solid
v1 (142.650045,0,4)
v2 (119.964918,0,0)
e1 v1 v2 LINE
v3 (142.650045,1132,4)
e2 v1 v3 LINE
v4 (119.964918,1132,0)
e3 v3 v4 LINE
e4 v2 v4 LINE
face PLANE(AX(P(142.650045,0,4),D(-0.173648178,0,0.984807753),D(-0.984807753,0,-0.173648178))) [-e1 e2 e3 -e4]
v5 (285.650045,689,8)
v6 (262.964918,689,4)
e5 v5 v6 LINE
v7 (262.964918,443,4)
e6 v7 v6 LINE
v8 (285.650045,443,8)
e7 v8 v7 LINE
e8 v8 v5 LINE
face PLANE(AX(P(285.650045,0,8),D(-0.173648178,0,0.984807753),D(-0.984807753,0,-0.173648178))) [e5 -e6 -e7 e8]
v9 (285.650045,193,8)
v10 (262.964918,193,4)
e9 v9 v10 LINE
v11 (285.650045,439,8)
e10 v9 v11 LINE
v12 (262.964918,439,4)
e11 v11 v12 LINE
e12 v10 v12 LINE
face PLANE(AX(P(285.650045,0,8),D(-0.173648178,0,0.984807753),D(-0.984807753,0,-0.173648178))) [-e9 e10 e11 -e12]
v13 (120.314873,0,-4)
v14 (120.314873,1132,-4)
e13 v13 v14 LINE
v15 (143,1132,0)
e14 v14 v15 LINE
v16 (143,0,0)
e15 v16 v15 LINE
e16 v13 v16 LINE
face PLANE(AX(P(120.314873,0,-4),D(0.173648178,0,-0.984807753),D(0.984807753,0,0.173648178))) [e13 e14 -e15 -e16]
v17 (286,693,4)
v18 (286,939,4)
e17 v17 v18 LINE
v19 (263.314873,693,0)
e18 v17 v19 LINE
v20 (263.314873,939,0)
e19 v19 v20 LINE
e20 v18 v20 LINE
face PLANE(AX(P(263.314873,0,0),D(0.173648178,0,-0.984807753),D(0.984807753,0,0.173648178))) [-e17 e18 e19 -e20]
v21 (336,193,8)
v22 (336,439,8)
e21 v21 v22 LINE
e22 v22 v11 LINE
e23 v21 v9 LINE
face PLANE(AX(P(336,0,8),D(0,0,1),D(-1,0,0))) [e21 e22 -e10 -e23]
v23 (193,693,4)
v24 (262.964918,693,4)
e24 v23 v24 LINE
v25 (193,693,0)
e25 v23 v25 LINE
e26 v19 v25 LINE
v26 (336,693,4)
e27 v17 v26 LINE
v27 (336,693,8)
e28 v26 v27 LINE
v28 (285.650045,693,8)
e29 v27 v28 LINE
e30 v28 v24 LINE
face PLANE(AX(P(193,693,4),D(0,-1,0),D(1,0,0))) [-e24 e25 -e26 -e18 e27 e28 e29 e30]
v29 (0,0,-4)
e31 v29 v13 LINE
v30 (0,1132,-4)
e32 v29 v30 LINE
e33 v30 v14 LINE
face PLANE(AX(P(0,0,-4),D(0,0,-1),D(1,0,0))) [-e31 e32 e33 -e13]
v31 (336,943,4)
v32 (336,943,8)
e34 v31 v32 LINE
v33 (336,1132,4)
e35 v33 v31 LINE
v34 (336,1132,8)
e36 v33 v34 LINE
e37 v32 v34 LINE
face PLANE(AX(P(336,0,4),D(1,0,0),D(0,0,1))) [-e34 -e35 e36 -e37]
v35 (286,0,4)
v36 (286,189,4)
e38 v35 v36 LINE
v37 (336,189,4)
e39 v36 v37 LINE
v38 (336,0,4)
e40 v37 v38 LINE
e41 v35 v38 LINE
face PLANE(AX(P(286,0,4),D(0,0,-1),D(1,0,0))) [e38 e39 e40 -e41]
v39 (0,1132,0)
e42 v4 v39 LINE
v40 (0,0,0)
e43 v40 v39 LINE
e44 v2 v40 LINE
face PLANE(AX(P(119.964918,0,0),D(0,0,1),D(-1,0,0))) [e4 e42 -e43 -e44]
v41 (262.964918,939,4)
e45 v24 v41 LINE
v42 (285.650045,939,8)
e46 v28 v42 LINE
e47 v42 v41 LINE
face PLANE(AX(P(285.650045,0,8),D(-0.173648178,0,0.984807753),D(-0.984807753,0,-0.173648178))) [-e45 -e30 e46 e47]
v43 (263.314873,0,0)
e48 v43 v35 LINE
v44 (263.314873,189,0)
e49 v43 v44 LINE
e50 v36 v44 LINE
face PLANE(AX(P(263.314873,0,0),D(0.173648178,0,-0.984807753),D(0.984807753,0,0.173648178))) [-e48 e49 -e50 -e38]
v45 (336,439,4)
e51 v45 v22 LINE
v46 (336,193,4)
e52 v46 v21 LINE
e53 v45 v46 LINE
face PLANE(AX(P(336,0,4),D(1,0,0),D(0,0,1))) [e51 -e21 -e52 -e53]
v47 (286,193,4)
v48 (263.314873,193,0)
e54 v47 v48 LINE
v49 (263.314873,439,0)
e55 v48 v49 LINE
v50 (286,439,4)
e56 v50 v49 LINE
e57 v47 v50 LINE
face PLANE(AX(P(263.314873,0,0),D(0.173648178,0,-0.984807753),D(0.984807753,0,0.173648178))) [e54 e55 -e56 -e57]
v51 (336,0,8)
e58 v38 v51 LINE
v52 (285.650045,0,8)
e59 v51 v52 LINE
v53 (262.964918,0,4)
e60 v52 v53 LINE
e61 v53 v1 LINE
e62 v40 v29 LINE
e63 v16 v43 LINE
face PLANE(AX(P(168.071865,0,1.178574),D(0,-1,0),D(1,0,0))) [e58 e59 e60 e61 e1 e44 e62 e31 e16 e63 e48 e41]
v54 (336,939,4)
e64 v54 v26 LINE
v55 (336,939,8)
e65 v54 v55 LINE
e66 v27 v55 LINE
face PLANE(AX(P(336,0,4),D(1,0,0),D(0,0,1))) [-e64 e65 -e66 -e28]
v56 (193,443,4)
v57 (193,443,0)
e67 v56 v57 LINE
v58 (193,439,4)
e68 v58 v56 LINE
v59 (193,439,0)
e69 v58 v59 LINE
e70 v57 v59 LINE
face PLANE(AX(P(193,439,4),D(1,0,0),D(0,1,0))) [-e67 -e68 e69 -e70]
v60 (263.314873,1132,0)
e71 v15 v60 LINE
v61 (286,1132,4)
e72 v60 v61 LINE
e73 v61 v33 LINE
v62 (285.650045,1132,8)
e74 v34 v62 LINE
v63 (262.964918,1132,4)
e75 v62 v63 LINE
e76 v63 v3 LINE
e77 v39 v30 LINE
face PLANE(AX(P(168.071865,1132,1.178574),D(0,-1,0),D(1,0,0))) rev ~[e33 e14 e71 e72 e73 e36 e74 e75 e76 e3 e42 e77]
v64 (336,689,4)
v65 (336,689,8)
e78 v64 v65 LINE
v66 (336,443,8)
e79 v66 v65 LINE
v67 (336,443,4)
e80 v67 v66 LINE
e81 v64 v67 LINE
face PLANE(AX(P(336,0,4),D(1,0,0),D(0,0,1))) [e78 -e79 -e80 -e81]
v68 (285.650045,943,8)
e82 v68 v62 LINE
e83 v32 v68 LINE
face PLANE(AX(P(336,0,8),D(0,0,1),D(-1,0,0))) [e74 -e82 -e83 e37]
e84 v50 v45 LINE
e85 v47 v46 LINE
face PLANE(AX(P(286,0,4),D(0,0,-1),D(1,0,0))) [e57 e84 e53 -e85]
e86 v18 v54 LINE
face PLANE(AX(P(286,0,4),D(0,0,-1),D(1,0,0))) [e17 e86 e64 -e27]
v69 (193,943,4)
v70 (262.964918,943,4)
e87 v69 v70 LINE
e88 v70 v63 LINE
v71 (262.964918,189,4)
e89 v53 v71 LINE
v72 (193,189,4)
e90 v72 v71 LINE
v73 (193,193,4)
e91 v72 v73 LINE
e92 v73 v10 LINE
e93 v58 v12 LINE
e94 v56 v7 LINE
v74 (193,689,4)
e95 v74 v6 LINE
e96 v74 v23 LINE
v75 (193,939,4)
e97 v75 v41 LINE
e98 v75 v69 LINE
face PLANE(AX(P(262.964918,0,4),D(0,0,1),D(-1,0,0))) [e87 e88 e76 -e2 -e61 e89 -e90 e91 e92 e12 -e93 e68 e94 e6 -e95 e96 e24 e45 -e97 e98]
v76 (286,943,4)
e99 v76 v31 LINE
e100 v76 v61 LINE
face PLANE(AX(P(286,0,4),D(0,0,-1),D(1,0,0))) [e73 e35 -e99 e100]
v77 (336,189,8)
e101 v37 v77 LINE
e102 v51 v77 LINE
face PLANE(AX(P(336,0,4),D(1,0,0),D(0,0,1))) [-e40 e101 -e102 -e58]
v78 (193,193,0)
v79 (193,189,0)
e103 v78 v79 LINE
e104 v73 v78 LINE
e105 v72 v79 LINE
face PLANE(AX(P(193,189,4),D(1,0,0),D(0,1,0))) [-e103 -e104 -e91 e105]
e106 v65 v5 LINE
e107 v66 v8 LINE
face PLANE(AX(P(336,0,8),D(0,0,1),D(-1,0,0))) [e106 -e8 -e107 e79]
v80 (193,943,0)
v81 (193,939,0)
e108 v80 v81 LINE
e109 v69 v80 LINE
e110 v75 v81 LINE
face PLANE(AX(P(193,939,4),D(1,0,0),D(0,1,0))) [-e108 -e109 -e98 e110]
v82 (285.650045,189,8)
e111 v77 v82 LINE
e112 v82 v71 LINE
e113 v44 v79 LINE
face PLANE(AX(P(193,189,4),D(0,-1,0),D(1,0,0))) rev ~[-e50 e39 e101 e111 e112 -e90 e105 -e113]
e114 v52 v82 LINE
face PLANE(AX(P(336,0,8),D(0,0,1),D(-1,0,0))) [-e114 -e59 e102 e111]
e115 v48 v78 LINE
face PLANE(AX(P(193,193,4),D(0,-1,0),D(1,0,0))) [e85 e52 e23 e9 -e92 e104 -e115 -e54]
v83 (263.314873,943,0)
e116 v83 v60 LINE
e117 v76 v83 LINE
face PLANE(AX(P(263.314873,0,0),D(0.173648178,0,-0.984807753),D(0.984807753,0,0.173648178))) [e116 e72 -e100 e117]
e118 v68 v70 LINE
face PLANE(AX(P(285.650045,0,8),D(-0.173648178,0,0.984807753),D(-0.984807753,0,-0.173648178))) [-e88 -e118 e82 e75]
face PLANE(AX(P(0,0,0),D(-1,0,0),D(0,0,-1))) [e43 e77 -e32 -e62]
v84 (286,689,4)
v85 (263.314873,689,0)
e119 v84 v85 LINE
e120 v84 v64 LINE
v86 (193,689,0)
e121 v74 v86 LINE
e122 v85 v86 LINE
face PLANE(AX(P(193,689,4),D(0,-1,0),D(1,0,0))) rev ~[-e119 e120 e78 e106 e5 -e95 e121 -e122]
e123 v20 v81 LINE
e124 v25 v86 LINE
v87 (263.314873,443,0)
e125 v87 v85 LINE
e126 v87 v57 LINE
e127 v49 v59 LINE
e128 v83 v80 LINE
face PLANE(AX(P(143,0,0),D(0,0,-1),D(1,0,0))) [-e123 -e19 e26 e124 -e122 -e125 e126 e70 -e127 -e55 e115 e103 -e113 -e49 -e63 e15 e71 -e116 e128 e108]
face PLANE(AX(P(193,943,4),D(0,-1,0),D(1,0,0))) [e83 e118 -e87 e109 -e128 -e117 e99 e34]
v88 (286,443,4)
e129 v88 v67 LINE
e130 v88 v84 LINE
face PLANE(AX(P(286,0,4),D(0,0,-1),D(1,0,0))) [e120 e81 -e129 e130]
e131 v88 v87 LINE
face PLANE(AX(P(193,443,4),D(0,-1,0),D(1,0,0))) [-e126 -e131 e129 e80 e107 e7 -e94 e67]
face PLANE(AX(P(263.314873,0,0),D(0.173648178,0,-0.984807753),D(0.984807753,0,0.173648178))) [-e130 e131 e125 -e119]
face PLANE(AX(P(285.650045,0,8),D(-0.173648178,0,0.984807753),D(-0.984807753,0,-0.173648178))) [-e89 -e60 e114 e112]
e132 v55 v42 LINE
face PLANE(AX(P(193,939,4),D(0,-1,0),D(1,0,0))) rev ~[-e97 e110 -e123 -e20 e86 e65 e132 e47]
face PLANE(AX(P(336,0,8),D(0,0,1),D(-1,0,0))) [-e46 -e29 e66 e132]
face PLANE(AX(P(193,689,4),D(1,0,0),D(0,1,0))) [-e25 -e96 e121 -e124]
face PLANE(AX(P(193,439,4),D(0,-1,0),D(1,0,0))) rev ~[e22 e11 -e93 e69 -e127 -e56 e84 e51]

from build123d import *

# Parameters (mm, degrees)
F1_DEPTH      = 1132
F2_W          = 143
F2_H          = 4
F3_DEPTH      = 8.001
F3_DEPTH_BACK = 4.001


with BuildPart() as f1:
    # F0 (on Front) → F1 (new body)
    with BuildSketch(Plane.XZ):
        Polygon((119.9649180674, 0), (0, 0), (0, -4), (120.3148727215, -4), (143, 0), (263.3148727215, 0), (286, 4), (336, 4), (336, 8), (285.6500453459, 8), (262.9649180674, 4), (142.6500453459, 4), align=None)
    extrude(amount=-F1_DEPTH)

    # F2 (on face) → F3 (cut, two sides)
    with BuildSketch(Plane.XY.offset(4)) as f3_sk:
        with Locations((264.5, 191)):
            Rectangle(F2_W, F2_H)
        with Locations((264.5, 441)):
            Rectangle(F2_W, F2_H)
        with Locations((264.5, 691)):
            Rectangle(F2_W, F2_H)
        with Locations((264.5, 941)):
            Rectangle(F2_W, F2_H)
    extrude(amount=-F3_DEPTH, mode=Mode.SUBTRACT)
    extrude(f3_sk.sketch, amount=F3_DEPTH_BACK, mode=Mode.SUBTRACT)


solid = f1.part
